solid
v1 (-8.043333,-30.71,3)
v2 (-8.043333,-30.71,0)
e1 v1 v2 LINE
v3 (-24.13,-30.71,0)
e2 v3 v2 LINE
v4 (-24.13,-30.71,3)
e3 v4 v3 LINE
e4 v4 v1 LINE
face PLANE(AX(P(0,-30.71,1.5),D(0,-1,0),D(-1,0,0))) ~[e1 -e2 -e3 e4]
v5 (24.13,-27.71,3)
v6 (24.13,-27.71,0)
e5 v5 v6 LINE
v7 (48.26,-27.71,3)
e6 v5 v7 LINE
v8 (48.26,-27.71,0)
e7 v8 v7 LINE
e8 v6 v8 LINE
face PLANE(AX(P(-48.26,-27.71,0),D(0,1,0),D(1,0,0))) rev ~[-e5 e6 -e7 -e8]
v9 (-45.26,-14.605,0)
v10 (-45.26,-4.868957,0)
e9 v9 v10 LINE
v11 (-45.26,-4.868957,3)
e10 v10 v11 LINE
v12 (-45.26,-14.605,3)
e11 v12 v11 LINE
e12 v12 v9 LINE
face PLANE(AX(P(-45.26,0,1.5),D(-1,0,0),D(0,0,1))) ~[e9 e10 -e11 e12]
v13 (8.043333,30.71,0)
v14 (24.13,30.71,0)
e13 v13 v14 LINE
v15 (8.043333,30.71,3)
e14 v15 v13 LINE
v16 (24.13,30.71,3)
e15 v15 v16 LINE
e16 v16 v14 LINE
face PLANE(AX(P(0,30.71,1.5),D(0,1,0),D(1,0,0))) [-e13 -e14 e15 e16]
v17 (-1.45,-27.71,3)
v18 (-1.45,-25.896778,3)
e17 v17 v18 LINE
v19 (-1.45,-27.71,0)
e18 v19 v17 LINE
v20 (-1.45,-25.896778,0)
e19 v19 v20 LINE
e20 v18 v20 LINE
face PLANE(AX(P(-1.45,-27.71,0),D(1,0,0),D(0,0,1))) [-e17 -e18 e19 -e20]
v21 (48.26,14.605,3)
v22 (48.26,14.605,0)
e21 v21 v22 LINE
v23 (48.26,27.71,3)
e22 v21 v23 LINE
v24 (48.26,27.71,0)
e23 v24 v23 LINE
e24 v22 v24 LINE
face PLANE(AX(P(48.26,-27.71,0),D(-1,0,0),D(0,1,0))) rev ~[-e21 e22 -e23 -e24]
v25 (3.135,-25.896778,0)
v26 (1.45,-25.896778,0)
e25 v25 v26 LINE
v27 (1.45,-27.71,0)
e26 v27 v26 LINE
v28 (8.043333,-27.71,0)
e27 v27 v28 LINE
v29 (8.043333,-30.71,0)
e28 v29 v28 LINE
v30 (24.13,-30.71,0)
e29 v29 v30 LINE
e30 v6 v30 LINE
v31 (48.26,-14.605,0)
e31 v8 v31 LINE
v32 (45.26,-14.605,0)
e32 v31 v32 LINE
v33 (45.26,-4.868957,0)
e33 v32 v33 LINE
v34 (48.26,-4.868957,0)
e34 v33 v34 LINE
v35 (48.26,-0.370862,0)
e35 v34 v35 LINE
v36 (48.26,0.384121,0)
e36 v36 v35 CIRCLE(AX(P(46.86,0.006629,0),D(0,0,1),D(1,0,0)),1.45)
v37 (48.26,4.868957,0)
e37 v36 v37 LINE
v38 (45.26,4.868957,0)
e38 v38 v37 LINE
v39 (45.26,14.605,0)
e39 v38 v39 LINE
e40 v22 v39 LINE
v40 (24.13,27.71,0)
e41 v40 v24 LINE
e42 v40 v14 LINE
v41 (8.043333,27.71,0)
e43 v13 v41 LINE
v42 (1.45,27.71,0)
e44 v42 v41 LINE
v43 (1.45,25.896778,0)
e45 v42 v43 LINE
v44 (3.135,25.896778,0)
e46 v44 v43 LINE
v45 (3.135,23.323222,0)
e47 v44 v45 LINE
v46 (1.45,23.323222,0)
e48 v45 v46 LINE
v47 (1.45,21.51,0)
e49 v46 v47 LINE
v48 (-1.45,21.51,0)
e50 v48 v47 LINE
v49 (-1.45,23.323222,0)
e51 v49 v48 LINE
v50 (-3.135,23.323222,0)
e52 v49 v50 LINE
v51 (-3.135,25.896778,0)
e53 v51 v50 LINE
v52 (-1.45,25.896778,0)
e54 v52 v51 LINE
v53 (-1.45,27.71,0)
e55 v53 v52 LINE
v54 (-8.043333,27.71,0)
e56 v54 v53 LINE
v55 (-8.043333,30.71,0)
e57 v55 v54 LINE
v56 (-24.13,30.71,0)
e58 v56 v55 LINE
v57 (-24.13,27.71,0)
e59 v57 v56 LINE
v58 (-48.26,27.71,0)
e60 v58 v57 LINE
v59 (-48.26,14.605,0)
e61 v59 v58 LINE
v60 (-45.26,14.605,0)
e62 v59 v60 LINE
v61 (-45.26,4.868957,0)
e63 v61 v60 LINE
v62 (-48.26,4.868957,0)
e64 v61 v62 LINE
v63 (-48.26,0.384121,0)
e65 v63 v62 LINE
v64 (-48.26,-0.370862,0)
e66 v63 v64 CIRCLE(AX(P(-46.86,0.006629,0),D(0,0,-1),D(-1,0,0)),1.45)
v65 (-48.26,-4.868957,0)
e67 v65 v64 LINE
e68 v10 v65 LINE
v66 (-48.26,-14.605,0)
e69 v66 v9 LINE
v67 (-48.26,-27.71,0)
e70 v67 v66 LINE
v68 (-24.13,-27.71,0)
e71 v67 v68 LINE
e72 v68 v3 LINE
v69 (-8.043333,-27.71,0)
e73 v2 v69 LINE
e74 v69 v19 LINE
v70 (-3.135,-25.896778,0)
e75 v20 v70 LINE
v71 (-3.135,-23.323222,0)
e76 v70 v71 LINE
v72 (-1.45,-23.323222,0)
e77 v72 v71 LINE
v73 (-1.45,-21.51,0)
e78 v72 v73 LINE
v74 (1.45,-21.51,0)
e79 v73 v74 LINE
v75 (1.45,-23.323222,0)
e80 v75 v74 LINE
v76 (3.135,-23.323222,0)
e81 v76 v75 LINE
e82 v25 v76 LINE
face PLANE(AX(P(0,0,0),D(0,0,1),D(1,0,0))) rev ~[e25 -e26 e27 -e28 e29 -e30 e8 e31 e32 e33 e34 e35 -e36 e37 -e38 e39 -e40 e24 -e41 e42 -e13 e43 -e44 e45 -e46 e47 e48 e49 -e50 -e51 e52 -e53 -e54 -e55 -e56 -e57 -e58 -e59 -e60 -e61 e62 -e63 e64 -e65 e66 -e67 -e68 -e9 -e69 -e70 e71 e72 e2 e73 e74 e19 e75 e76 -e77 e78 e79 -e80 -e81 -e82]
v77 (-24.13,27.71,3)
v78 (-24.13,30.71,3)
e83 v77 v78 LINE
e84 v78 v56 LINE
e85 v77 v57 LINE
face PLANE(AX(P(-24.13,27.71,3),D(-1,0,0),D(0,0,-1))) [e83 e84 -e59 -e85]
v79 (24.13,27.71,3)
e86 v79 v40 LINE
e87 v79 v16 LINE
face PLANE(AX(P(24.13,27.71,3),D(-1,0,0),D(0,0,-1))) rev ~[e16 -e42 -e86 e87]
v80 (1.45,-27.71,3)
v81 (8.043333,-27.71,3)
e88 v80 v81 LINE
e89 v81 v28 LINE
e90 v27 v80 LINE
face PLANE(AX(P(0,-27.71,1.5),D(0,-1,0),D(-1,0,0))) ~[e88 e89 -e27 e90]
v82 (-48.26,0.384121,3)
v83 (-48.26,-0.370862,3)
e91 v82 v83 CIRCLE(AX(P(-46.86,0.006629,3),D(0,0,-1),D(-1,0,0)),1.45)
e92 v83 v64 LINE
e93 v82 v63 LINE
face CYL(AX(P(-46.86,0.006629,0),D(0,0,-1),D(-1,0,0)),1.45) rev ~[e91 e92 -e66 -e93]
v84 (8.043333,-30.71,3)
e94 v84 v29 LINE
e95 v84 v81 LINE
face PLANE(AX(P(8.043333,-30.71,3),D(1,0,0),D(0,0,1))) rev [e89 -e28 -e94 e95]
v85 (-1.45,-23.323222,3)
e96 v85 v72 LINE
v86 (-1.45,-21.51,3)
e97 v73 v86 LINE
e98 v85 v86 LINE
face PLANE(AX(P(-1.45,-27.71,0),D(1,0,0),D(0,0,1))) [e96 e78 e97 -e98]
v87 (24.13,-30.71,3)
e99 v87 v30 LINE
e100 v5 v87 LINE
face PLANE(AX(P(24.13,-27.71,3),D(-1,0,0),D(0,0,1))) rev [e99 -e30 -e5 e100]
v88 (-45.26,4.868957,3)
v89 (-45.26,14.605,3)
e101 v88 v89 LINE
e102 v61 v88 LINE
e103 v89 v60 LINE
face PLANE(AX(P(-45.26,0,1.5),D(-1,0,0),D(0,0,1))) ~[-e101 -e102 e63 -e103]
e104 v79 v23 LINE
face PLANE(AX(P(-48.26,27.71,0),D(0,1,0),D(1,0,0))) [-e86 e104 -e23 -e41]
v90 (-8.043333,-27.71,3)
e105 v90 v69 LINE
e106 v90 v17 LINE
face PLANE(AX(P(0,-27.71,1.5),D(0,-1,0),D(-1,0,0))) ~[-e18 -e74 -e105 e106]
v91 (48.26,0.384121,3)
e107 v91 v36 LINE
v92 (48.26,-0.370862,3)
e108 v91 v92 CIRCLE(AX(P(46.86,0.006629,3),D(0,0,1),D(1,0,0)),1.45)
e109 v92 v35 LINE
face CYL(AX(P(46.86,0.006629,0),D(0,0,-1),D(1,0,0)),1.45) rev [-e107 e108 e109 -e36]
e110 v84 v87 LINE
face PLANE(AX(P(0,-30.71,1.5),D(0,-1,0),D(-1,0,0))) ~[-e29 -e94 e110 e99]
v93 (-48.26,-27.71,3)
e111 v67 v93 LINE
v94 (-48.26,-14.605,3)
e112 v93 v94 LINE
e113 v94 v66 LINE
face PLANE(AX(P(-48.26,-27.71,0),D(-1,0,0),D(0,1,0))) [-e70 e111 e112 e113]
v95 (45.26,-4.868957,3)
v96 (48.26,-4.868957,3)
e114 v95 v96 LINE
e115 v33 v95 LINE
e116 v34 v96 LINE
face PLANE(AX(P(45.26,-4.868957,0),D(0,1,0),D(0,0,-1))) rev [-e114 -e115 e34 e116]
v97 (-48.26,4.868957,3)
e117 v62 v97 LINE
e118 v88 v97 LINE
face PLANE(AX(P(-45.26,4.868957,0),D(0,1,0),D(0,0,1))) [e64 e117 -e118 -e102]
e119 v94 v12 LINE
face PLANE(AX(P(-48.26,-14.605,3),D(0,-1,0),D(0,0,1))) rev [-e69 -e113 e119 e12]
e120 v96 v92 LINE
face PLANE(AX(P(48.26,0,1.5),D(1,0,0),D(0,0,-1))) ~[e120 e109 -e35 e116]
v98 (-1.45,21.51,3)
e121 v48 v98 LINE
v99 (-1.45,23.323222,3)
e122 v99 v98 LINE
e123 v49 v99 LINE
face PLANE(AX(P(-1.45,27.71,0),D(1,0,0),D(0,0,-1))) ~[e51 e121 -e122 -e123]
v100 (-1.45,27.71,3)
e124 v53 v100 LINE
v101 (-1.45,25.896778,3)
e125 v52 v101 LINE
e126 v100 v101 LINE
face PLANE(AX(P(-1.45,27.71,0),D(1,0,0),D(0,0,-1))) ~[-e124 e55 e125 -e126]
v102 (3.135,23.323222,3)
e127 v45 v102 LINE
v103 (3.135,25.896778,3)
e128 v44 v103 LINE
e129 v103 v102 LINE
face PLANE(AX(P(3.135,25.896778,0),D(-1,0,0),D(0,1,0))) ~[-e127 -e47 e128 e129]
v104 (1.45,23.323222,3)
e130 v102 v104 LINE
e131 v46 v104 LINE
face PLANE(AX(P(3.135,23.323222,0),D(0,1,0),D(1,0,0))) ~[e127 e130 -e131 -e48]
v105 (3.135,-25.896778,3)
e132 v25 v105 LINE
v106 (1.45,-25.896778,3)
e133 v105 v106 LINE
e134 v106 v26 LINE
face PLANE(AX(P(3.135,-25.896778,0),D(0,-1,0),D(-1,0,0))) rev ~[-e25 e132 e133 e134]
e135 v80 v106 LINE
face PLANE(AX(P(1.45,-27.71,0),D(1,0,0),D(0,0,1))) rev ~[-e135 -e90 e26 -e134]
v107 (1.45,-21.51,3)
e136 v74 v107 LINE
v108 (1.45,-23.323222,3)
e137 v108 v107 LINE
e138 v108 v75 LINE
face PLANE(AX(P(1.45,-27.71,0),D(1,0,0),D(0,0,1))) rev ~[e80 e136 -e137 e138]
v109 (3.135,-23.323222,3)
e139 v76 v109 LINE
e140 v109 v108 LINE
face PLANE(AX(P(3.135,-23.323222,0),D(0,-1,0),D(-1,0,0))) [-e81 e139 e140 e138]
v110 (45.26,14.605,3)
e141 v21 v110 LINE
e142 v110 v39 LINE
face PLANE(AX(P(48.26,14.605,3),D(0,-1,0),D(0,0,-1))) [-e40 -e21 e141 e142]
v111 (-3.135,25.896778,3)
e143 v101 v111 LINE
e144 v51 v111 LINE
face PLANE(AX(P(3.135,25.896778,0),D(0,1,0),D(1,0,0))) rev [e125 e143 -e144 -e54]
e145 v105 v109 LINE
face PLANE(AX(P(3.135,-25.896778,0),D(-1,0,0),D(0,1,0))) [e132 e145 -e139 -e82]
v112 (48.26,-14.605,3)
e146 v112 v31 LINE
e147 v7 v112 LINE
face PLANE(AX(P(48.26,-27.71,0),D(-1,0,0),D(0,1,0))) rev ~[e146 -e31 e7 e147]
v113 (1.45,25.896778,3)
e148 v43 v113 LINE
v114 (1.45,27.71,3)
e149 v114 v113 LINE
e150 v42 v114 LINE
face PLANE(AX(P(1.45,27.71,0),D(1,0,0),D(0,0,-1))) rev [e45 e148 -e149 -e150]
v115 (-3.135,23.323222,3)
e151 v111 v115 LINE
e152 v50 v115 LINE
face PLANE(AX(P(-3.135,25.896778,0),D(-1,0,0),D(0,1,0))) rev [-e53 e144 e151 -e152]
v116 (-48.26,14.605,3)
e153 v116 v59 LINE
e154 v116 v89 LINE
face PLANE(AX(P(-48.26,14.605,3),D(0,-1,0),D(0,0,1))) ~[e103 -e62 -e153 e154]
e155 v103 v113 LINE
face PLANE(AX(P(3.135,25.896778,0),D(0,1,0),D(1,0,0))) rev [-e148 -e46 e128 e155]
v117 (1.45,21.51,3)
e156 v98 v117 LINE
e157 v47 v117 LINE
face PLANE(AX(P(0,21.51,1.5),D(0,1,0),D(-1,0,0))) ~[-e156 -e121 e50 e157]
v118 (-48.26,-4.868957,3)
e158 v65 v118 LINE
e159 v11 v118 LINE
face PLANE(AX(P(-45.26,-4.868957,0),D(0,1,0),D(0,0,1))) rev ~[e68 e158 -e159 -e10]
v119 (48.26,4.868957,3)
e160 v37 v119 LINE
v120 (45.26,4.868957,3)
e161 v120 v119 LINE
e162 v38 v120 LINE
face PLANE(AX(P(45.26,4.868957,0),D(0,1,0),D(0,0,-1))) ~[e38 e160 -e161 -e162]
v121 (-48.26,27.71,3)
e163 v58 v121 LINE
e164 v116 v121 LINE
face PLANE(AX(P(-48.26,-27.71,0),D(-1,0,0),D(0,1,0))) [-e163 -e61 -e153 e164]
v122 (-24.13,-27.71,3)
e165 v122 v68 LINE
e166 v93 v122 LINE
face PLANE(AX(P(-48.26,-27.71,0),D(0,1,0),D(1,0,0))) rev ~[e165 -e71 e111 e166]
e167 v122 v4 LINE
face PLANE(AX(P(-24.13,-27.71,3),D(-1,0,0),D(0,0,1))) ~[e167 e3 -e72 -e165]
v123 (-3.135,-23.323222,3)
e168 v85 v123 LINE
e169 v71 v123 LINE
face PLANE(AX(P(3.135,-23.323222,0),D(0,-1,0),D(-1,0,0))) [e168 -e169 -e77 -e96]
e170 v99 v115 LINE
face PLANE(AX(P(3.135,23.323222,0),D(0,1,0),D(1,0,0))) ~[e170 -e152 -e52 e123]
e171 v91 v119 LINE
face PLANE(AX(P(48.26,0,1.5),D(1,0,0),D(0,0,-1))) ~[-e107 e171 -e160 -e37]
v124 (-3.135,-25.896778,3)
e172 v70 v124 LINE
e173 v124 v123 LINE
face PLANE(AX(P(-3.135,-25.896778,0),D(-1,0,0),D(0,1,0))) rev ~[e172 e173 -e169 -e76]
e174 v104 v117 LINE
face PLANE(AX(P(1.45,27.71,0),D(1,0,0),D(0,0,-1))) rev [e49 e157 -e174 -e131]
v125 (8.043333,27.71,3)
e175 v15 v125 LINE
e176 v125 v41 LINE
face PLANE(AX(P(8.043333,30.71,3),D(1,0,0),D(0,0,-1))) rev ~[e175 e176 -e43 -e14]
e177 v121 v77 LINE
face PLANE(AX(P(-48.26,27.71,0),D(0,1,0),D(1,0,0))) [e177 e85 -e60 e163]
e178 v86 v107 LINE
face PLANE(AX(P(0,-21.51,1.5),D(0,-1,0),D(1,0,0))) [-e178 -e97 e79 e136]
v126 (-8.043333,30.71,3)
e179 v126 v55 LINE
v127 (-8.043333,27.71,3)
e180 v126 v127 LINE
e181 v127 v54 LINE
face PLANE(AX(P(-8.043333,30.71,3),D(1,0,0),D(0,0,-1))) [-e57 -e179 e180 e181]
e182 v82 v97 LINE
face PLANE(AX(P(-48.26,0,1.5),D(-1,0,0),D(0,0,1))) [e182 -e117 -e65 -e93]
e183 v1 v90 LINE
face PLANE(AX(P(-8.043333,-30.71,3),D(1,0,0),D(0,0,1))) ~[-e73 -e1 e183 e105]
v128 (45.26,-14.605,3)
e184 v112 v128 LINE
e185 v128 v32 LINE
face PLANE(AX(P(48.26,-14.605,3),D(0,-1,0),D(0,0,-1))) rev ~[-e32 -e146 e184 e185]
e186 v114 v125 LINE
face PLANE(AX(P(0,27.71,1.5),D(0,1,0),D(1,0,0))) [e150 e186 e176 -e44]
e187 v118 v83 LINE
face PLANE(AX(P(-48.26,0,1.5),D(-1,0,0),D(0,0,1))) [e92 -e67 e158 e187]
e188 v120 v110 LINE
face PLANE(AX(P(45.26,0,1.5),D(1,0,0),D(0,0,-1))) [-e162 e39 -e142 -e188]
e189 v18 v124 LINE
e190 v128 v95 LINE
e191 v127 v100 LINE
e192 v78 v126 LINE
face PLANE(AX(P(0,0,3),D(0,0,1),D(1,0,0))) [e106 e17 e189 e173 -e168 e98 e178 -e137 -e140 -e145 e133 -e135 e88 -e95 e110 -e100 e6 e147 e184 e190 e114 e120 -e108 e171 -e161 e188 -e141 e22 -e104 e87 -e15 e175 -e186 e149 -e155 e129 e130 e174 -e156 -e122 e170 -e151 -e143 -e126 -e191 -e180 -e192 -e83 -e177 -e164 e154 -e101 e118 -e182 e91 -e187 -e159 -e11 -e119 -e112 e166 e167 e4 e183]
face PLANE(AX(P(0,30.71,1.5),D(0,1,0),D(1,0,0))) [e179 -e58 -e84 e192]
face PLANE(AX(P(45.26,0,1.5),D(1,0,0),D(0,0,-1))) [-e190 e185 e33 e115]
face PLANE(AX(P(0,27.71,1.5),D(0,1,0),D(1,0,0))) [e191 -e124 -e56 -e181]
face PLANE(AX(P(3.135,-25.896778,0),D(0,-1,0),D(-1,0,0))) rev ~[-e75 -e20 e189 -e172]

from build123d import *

# Parameters (mm, degrees)
SKETCH1_W           = 96.52
SKETCH1_H           = 55.42
BOSS_EXTRUDE1_DEPTH = 3
SKETCH2_W           = 48.26
SKETCH2_H           = 3
BOSS_EXTRUDE2_DEPTH = 3
SKETCH4_W           = 3
SKETCH4_H           = 29.21
CUT_EXTRUDE1_DEPTH  = 3
SKETCH5_W           = 16.086666666
SKETCH5_H           = 3
CUT_EXTRUDE2_DEPTH  = 3
SKETCH6_W           = 3
SKETCH6_H           = 9.737913064
BOSS_EXTRUDE3_DEPTH = 3
SKETCH7_W           = 2.9
SKETCH7_H           = 3
CUT_EXTRUDE3_DEPTH  = 6.2
SKETCH9_W           = 6.27
SKETCH9_H           = 2.573555094
CUT_EXTRUDE4_DEPTH  = 3
SKETCH10_R          = 1.45
CUT_EXTRUDE5_DEPTH  = 3


with BuildPart() as part:
    # Sketch1 → Boss-Extrude1 (new body)
    with BuildSketch(Plane.XY):
        Rectangle(SKETCH1_W, SKETCH1_H)
    extrude(amount=BOSS_EXTRUDE1_DEPTH)

    # Sketch2 → Boss-Extrude2 (add)
    with BuildSketch(Plane(origin=(0, 27.71, 0), x_dir=(1, 0, 0), z_dir=(0, 1, 0))):
        with Locations((0, -1.5)):
            Rectangle(SKETCH2_W, SKETCH2_H)
    boss_extrude2 = extrude(amount=BOSS_EXTRUDE2_DEPTH)

    # Mirror1: Boss-Extrude2 across plane
    add(boss_extrude2.mirror(Plane.ZX))

    # Sketch4 → Cut-Extrude1 (cut)
    with BuildSketch(Plane(origin=(48.26, 0, 0), x_dir=(0, 0, -1), z_dir=(1, 0, 0))):
        with Locations((-1.5, 0)):
            Rectangle(SKETCH4_W, SKETCH4_H)
    cut_extrude1 = extrude(amount=-CUT_EXTRUDE1_DEPTH, mode=Mode.SUBTRACT)

    # Mirror2: Cut-Extrude1 across plane
    add(cut_extrude1.mirror(Plane(origin=(0, 0, 0), x_dir=(0, 0, 1), z_dir=(1, 0, 0))), mode=Mode.SUBTRACT)

    # Sketch5 → Cut-Extrude2 (cut)
    with BuildSketch(Plane(origin=(0, 30.71, 0), x_dir=(1, 0, 0), z_dir=(0, 1, 0))):
        with Locations((0, -1.5)):
            Rectangle(SKETCH5_W, SKETCH5_H)
    cut_extrude2 = extrude(amount=-CUT_EXTRUDE2_DEPTH, mode=Mode.SUBTRACT)

    # Mirror3: Cut-Extrude2 across plane
    add(cut_extrude2.mirror(Plane.ZX), mode=Mode.SUBTRACT)

    # Sketch6 → Boss-Extrude3 (add)
    with BuildSketch(Plane.ZY.offset(45.26)):
        with Locations((1.5, 0)):
            Rectangle(SKETCH6_W, SKETCH6_H)
    boss_extrude3 = extrude(amount=BOSS_EXTRUDE3_DEPTH)

    # Mirror4: Boss-Extrude3 across plane
    add(boss_extrude3.mirror(Plane(origin=(0, 0, 0), x_dir=(0, 0, 1), z_dir=(1, 0, 0))))

    # Sketch7 → Cut-Extrude3 (cut)
    with BuildSketch(Plane.XZ.offset(27.71)):
        with Locations((0, 1.5)):
            Rectangle(SKETCH7_W, SKETCH7_H)
    cut_extrude3 = extrude(amount=-CUT_EXTRUDE3_DEPTH, mode=Mode.SUBTRACT)

    # Sketch9 → Cut-Extrude4 (cut)
    with BuildSketch(Plane(origin=(0, 0, 0), x_dir=(-1, 0, 0), z_dir=(0, 0, -1))):
        with Locations((0, -24.61)):
            Rectangle(SKETCH9_W, SKETCH9_H)
    cut_extrude4 = extrude(amount=-CUT_EXTRUDE4_DEPTH, mode=Mode.SUBTRACT)

    # Mirror5: Cut-Extrude3 across plane
    add(cut_extrude3.mirror(Plane.ZX), mode=Mode.SUBTRACT)

    # Mirror6: Cut-Extrude4 across plane
    add(cut_extrude4.mirror(Plane.ZX), mode=Mode.SUBTRACT)

    # Sketch10 → Cut-Extrude5 (cut)
    with BuildSketch(Plane(origin=(0, 0, 0), x_dir=(-1, 0, 0), z_dir=(0, 0, -1))):
        with Locations((46.86, 0.006629449)):
            Circle(SKETCH10_R)
    cut_extrude5 = extrude(amount=-CUT_EXTRUDE5_DEPTH, mode=Mode.SUBTRACT)

    # Mirror7: Cut-Extrude5 across plane
    add(cut_extrude5.mirror(Plane(origin=(0, 0, 0), x_dir=(0, 0, 1), z_dir=(1, 0, 0))), mode=Mode.SUBTRACT)


solid = part.part
